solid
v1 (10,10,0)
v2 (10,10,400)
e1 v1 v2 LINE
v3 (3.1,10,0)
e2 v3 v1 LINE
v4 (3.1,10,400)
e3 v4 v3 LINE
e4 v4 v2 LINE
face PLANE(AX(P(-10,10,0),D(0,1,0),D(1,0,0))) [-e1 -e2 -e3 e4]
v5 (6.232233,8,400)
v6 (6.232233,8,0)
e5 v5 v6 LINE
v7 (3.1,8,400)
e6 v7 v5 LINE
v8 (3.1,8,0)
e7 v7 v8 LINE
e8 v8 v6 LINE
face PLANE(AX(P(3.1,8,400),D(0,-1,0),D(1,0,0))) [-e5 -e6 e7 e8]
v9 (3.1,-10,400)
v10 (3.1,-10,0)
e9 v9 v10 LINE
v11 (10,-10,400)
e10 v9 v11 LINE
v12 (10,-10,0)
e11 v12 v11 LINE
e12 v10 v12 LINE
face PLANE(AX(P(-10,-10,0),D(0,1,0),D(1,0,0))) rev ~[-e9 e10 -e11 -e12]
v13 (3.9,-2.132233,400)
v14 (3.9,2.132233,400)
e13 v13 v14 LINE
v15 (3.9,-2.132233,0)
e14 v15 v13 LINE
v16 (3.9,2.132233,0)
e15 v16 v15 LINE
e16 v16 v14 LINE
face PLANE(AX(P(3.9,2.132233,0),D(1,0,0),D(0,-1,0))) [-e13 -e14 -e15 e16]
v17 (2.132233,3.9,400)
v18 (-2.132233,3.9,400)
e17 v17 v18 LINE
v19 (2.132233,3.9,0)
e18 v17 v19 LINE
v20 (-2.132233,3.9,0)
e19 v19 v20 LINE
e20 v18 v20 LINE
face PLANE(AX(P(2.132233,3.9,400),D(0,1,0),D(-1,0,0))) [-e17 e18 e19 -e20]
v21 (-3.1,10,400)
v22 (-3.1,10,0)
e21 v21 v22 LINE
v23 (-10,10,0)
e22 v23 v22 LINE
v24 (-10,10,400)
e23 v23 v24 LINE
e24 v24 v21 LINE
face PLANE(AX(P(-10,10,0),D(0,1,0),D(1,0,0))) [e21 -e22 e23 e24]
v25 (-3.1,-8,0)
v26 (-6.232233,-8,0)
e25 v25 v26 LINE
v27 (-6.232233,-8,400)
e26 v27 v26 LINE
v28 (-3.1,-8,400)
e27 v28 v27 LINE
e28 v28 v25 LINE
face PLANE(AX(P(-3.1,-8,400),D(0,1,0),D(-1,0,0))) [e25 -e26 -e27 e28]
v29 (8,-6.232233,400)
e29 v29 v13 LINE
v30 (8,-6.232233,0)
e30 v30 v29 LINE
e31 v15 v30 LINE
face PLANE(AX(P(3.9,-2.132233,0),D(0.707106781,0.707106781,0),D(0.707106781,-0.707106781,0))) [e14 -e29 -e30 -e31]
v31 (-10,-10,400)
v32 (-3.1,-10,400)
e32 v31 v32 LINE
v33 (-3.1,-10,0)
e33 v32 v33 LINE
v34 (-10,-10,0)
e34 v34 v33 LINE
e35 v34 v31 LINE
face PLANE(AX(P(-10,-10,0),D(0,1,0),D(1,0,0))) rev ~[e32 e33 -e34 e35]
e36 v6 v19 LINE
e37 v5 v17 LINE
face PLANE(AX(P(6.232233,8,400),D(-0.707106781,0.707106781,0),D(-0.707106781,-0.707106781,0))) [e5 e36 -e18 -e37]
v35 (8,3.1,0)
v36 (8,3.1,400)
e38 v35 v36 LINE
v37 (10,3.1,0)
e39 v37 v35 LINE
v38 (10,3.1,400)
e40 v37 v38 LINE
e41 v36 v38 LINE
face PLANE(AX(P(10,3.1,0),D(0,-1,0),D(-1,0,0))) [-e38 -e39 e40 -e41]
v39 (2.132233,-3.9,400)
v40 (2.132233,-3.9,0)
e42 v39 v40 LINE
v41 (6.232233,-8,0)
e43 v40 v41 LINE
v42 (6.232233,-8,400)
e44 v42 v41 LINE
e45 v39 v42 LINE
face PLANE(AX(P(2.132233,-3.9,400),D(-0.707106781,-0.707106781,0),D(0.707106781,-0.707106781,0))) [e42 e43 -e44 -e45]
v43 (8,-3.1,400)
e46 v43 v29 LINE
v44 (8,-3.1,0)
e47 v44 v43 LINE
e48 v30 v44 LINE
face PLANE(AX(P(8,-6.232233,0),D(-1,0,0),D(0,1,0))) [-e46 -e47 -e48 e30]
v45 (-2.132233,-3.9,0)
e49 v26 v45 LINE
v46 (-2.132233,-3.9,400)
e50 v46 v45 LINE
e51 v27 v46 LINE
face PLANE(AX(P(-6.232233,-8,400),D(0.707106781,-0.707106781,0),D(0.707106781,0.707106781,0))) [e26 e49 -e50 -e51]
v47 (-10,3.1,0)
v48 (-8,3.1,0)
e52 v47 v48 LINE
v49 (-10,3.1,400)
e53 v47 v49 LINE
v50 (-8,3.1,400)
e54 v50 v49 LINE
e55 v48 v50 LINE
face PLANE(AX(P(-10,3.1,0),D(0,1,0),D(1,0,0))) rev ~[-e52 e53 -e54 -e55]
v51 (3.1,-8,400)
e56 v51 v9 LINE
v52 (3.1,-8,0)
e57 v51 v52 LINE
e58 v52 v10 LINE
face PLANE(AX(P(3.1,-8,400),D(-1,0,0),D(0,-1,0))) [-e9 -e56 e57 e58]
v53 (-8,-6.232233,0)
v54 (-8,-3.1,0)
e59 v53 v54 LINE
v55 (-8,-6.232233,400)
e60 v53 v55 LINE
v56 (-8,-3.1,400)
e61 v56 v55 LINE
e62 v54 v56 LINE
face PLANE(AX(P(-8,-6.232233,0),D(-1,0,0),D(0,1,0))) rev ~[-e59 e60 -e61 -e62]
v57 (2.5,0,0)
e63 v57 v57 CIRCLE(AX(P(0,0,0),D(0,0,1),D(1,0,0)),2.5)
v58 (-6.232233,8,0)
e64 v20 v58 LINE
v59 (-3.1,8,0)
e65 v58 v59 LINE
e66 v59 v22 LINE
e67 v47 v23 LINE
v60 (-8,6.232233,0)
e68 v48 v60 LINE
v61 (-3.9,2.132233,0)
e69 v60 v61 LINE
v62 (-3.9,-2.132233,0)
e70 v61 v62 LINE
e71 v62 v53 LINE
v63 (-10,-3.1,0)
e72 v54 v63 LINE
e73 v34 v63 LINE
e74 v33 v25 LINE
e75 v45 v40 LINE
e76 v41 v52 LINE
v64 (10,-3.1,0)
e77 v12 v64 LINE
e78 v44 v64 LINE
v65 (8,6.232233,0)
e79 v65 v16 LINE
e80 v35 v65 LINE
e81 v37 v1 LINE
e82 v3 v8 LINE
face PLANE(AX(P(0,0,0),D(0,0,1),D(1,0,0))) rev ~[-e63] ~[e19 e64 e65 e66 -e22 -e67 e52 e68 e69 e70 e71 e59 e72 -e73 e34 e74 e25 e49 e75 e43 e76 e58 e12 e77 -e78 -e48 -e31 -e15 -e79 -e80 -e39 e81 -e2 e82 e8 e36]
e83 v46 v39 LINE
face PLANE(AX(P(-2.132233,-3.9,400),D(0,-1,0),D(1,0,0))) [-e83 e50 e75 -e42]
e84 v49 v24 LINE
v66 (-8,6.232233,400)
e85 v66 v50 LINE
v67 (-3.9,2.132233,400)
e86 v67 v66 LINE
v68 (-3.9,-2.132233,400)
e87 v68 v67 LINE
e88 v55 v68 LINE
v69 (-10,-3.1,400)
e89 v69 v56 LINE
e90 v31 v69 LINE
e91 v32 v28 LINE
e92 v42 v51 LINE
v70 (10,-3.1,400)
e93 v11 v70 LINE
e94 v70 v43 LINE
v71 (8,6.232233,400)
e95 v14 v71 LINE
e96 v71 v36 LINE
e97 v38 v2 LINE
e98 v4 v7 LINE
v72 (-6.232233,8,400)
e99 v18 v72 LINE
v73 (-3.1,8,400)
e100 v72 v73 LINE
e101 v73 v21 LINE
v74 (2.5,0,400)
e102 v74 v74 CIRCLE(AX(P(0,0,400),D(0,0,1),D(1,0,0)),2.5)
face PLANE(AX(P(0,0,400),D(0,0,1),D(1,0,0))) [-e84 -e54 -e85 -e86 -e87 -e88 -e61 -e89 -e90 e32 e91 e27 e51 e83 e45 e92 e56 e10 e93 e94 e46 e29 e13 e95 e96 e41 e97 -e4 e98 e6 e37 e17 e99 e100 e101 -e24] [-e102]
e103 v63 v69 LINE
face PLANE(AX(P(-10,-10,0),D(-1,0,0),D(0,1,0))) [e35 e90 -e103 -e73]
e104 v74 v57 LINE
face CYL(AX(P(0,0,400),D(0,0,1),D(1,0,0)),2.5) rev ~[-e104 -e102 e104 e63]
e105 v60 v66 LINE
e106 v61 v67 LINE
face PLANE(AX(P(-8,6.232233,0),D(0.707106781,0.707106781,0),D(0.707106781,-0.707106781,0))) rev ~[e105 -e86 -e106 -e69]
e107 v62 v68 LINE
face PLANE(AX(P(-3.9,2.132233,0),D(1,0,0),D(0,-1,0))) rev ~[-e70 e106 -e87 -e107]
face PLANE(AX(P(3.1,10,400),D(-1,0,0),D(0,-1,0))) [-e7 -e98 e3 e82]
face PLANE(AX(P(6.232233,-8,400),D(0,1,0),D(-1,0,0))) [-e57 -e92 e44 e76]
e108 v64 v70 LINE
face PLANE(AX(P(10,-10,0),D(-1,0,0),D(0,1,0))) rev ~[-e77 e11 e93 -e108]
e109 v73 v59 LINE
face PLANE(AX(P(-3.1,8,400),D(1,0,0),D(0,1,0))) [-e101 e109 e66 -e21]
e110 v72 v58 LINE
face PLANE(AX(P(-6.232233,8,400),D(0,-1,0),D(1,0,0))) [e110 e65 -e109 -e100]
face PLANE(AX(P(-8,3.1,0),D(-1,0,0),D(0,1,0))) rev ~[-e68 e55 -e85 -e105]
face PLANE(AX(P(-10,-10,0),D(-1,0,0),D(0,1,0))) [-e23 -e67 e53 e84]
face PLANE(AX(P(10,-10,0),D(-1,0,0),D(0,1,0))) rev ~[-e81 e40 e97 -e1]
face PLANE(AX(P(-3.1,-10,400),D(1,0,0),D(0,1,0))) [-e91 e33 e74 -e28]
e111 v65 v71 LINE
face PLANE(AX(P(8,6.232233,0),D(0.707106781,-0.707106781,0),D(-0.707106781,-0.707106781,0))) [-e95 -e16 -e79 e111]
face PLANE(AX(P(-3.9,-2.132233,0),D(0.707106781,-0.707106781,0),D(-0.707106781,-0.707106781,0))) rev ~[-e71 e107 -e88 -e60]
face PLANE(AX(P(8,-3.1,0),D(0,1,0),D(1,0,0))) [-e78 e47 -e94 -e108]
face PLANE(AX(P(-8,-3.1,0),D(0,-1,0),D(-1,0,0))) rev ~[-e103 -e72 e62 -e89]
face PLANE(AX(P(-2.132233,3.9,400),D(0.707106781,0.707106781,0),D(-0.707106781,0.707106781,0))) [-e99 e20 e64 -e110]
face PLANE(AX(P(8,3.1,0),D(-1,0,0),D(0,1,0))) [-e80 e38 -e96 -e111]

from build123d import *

# Parameters (mm, degrees)
SKETCH_W        = 20
SKETCH_H        = 20
PAD_DEPTH       = 400
SKETCH001_R     = 2.5
POCKET_DEPTH    = 400.001
POCKET001_DEPTH = 400.001


with BuildPart() as part:
    # Sketch → Pad (new body)
    with BuildSketch(Plane.XY):
        Rectangle(SKETCH_W, SKETCH_H)
    extrude(amount=PAD_DEPTH)

    # Sketch001 (on Face6 of Pad) → Pocket (cut, through all)
    with BuildSketch(Plane.XY.offset(400)):
        Circle(SKETCH001_R)
        Polygon((-3.1, 10), (3.1, 10), (3.1, 8), (6.232233, 8), (2.132233, 3.9), (-2.132233, 3.9), (-6.232233, 8), (-3.1, 8), align=None)
        Polygon((-3.1, -8), (-6.232233, -8), (-2.132233, -3.9), (2.132233, -3.9), (6.232233, -8), (3.1, -8), (3.1, -10), (-3.1, -10), align=None)
    extrude(amount=-POCKET_DEPTH, mode=Mode.SUBTRACT)

    # Sketch002 (on Face2 of Pocket) → Pocket001 (cut, through all)
    with BuildSketch(Plane(origin=(0, 0, 0), x_dir=(1, 0, 0), z_dir=(0, 0, -1))):
        Polygon((-10, -3.1), (-8, -3.1), (-8, -6.232233), (-3.9, -2.132233), (-3.9, 2.132233), (-8, 6.232233), (-8, 3.1), (-10, 3.1), align=None)
        Polygon((3.9, -2.132233), (3.9, 2.132233), (8, 6.232233), (8, 3.1), (10, 3.1), (10, -3.1), (8, -3.1), (8, -6.232233), align=None)
    extrude(amount=-POCKET001_DEPTH, mode=Mode.SUBTRACT)


solid = part.part
